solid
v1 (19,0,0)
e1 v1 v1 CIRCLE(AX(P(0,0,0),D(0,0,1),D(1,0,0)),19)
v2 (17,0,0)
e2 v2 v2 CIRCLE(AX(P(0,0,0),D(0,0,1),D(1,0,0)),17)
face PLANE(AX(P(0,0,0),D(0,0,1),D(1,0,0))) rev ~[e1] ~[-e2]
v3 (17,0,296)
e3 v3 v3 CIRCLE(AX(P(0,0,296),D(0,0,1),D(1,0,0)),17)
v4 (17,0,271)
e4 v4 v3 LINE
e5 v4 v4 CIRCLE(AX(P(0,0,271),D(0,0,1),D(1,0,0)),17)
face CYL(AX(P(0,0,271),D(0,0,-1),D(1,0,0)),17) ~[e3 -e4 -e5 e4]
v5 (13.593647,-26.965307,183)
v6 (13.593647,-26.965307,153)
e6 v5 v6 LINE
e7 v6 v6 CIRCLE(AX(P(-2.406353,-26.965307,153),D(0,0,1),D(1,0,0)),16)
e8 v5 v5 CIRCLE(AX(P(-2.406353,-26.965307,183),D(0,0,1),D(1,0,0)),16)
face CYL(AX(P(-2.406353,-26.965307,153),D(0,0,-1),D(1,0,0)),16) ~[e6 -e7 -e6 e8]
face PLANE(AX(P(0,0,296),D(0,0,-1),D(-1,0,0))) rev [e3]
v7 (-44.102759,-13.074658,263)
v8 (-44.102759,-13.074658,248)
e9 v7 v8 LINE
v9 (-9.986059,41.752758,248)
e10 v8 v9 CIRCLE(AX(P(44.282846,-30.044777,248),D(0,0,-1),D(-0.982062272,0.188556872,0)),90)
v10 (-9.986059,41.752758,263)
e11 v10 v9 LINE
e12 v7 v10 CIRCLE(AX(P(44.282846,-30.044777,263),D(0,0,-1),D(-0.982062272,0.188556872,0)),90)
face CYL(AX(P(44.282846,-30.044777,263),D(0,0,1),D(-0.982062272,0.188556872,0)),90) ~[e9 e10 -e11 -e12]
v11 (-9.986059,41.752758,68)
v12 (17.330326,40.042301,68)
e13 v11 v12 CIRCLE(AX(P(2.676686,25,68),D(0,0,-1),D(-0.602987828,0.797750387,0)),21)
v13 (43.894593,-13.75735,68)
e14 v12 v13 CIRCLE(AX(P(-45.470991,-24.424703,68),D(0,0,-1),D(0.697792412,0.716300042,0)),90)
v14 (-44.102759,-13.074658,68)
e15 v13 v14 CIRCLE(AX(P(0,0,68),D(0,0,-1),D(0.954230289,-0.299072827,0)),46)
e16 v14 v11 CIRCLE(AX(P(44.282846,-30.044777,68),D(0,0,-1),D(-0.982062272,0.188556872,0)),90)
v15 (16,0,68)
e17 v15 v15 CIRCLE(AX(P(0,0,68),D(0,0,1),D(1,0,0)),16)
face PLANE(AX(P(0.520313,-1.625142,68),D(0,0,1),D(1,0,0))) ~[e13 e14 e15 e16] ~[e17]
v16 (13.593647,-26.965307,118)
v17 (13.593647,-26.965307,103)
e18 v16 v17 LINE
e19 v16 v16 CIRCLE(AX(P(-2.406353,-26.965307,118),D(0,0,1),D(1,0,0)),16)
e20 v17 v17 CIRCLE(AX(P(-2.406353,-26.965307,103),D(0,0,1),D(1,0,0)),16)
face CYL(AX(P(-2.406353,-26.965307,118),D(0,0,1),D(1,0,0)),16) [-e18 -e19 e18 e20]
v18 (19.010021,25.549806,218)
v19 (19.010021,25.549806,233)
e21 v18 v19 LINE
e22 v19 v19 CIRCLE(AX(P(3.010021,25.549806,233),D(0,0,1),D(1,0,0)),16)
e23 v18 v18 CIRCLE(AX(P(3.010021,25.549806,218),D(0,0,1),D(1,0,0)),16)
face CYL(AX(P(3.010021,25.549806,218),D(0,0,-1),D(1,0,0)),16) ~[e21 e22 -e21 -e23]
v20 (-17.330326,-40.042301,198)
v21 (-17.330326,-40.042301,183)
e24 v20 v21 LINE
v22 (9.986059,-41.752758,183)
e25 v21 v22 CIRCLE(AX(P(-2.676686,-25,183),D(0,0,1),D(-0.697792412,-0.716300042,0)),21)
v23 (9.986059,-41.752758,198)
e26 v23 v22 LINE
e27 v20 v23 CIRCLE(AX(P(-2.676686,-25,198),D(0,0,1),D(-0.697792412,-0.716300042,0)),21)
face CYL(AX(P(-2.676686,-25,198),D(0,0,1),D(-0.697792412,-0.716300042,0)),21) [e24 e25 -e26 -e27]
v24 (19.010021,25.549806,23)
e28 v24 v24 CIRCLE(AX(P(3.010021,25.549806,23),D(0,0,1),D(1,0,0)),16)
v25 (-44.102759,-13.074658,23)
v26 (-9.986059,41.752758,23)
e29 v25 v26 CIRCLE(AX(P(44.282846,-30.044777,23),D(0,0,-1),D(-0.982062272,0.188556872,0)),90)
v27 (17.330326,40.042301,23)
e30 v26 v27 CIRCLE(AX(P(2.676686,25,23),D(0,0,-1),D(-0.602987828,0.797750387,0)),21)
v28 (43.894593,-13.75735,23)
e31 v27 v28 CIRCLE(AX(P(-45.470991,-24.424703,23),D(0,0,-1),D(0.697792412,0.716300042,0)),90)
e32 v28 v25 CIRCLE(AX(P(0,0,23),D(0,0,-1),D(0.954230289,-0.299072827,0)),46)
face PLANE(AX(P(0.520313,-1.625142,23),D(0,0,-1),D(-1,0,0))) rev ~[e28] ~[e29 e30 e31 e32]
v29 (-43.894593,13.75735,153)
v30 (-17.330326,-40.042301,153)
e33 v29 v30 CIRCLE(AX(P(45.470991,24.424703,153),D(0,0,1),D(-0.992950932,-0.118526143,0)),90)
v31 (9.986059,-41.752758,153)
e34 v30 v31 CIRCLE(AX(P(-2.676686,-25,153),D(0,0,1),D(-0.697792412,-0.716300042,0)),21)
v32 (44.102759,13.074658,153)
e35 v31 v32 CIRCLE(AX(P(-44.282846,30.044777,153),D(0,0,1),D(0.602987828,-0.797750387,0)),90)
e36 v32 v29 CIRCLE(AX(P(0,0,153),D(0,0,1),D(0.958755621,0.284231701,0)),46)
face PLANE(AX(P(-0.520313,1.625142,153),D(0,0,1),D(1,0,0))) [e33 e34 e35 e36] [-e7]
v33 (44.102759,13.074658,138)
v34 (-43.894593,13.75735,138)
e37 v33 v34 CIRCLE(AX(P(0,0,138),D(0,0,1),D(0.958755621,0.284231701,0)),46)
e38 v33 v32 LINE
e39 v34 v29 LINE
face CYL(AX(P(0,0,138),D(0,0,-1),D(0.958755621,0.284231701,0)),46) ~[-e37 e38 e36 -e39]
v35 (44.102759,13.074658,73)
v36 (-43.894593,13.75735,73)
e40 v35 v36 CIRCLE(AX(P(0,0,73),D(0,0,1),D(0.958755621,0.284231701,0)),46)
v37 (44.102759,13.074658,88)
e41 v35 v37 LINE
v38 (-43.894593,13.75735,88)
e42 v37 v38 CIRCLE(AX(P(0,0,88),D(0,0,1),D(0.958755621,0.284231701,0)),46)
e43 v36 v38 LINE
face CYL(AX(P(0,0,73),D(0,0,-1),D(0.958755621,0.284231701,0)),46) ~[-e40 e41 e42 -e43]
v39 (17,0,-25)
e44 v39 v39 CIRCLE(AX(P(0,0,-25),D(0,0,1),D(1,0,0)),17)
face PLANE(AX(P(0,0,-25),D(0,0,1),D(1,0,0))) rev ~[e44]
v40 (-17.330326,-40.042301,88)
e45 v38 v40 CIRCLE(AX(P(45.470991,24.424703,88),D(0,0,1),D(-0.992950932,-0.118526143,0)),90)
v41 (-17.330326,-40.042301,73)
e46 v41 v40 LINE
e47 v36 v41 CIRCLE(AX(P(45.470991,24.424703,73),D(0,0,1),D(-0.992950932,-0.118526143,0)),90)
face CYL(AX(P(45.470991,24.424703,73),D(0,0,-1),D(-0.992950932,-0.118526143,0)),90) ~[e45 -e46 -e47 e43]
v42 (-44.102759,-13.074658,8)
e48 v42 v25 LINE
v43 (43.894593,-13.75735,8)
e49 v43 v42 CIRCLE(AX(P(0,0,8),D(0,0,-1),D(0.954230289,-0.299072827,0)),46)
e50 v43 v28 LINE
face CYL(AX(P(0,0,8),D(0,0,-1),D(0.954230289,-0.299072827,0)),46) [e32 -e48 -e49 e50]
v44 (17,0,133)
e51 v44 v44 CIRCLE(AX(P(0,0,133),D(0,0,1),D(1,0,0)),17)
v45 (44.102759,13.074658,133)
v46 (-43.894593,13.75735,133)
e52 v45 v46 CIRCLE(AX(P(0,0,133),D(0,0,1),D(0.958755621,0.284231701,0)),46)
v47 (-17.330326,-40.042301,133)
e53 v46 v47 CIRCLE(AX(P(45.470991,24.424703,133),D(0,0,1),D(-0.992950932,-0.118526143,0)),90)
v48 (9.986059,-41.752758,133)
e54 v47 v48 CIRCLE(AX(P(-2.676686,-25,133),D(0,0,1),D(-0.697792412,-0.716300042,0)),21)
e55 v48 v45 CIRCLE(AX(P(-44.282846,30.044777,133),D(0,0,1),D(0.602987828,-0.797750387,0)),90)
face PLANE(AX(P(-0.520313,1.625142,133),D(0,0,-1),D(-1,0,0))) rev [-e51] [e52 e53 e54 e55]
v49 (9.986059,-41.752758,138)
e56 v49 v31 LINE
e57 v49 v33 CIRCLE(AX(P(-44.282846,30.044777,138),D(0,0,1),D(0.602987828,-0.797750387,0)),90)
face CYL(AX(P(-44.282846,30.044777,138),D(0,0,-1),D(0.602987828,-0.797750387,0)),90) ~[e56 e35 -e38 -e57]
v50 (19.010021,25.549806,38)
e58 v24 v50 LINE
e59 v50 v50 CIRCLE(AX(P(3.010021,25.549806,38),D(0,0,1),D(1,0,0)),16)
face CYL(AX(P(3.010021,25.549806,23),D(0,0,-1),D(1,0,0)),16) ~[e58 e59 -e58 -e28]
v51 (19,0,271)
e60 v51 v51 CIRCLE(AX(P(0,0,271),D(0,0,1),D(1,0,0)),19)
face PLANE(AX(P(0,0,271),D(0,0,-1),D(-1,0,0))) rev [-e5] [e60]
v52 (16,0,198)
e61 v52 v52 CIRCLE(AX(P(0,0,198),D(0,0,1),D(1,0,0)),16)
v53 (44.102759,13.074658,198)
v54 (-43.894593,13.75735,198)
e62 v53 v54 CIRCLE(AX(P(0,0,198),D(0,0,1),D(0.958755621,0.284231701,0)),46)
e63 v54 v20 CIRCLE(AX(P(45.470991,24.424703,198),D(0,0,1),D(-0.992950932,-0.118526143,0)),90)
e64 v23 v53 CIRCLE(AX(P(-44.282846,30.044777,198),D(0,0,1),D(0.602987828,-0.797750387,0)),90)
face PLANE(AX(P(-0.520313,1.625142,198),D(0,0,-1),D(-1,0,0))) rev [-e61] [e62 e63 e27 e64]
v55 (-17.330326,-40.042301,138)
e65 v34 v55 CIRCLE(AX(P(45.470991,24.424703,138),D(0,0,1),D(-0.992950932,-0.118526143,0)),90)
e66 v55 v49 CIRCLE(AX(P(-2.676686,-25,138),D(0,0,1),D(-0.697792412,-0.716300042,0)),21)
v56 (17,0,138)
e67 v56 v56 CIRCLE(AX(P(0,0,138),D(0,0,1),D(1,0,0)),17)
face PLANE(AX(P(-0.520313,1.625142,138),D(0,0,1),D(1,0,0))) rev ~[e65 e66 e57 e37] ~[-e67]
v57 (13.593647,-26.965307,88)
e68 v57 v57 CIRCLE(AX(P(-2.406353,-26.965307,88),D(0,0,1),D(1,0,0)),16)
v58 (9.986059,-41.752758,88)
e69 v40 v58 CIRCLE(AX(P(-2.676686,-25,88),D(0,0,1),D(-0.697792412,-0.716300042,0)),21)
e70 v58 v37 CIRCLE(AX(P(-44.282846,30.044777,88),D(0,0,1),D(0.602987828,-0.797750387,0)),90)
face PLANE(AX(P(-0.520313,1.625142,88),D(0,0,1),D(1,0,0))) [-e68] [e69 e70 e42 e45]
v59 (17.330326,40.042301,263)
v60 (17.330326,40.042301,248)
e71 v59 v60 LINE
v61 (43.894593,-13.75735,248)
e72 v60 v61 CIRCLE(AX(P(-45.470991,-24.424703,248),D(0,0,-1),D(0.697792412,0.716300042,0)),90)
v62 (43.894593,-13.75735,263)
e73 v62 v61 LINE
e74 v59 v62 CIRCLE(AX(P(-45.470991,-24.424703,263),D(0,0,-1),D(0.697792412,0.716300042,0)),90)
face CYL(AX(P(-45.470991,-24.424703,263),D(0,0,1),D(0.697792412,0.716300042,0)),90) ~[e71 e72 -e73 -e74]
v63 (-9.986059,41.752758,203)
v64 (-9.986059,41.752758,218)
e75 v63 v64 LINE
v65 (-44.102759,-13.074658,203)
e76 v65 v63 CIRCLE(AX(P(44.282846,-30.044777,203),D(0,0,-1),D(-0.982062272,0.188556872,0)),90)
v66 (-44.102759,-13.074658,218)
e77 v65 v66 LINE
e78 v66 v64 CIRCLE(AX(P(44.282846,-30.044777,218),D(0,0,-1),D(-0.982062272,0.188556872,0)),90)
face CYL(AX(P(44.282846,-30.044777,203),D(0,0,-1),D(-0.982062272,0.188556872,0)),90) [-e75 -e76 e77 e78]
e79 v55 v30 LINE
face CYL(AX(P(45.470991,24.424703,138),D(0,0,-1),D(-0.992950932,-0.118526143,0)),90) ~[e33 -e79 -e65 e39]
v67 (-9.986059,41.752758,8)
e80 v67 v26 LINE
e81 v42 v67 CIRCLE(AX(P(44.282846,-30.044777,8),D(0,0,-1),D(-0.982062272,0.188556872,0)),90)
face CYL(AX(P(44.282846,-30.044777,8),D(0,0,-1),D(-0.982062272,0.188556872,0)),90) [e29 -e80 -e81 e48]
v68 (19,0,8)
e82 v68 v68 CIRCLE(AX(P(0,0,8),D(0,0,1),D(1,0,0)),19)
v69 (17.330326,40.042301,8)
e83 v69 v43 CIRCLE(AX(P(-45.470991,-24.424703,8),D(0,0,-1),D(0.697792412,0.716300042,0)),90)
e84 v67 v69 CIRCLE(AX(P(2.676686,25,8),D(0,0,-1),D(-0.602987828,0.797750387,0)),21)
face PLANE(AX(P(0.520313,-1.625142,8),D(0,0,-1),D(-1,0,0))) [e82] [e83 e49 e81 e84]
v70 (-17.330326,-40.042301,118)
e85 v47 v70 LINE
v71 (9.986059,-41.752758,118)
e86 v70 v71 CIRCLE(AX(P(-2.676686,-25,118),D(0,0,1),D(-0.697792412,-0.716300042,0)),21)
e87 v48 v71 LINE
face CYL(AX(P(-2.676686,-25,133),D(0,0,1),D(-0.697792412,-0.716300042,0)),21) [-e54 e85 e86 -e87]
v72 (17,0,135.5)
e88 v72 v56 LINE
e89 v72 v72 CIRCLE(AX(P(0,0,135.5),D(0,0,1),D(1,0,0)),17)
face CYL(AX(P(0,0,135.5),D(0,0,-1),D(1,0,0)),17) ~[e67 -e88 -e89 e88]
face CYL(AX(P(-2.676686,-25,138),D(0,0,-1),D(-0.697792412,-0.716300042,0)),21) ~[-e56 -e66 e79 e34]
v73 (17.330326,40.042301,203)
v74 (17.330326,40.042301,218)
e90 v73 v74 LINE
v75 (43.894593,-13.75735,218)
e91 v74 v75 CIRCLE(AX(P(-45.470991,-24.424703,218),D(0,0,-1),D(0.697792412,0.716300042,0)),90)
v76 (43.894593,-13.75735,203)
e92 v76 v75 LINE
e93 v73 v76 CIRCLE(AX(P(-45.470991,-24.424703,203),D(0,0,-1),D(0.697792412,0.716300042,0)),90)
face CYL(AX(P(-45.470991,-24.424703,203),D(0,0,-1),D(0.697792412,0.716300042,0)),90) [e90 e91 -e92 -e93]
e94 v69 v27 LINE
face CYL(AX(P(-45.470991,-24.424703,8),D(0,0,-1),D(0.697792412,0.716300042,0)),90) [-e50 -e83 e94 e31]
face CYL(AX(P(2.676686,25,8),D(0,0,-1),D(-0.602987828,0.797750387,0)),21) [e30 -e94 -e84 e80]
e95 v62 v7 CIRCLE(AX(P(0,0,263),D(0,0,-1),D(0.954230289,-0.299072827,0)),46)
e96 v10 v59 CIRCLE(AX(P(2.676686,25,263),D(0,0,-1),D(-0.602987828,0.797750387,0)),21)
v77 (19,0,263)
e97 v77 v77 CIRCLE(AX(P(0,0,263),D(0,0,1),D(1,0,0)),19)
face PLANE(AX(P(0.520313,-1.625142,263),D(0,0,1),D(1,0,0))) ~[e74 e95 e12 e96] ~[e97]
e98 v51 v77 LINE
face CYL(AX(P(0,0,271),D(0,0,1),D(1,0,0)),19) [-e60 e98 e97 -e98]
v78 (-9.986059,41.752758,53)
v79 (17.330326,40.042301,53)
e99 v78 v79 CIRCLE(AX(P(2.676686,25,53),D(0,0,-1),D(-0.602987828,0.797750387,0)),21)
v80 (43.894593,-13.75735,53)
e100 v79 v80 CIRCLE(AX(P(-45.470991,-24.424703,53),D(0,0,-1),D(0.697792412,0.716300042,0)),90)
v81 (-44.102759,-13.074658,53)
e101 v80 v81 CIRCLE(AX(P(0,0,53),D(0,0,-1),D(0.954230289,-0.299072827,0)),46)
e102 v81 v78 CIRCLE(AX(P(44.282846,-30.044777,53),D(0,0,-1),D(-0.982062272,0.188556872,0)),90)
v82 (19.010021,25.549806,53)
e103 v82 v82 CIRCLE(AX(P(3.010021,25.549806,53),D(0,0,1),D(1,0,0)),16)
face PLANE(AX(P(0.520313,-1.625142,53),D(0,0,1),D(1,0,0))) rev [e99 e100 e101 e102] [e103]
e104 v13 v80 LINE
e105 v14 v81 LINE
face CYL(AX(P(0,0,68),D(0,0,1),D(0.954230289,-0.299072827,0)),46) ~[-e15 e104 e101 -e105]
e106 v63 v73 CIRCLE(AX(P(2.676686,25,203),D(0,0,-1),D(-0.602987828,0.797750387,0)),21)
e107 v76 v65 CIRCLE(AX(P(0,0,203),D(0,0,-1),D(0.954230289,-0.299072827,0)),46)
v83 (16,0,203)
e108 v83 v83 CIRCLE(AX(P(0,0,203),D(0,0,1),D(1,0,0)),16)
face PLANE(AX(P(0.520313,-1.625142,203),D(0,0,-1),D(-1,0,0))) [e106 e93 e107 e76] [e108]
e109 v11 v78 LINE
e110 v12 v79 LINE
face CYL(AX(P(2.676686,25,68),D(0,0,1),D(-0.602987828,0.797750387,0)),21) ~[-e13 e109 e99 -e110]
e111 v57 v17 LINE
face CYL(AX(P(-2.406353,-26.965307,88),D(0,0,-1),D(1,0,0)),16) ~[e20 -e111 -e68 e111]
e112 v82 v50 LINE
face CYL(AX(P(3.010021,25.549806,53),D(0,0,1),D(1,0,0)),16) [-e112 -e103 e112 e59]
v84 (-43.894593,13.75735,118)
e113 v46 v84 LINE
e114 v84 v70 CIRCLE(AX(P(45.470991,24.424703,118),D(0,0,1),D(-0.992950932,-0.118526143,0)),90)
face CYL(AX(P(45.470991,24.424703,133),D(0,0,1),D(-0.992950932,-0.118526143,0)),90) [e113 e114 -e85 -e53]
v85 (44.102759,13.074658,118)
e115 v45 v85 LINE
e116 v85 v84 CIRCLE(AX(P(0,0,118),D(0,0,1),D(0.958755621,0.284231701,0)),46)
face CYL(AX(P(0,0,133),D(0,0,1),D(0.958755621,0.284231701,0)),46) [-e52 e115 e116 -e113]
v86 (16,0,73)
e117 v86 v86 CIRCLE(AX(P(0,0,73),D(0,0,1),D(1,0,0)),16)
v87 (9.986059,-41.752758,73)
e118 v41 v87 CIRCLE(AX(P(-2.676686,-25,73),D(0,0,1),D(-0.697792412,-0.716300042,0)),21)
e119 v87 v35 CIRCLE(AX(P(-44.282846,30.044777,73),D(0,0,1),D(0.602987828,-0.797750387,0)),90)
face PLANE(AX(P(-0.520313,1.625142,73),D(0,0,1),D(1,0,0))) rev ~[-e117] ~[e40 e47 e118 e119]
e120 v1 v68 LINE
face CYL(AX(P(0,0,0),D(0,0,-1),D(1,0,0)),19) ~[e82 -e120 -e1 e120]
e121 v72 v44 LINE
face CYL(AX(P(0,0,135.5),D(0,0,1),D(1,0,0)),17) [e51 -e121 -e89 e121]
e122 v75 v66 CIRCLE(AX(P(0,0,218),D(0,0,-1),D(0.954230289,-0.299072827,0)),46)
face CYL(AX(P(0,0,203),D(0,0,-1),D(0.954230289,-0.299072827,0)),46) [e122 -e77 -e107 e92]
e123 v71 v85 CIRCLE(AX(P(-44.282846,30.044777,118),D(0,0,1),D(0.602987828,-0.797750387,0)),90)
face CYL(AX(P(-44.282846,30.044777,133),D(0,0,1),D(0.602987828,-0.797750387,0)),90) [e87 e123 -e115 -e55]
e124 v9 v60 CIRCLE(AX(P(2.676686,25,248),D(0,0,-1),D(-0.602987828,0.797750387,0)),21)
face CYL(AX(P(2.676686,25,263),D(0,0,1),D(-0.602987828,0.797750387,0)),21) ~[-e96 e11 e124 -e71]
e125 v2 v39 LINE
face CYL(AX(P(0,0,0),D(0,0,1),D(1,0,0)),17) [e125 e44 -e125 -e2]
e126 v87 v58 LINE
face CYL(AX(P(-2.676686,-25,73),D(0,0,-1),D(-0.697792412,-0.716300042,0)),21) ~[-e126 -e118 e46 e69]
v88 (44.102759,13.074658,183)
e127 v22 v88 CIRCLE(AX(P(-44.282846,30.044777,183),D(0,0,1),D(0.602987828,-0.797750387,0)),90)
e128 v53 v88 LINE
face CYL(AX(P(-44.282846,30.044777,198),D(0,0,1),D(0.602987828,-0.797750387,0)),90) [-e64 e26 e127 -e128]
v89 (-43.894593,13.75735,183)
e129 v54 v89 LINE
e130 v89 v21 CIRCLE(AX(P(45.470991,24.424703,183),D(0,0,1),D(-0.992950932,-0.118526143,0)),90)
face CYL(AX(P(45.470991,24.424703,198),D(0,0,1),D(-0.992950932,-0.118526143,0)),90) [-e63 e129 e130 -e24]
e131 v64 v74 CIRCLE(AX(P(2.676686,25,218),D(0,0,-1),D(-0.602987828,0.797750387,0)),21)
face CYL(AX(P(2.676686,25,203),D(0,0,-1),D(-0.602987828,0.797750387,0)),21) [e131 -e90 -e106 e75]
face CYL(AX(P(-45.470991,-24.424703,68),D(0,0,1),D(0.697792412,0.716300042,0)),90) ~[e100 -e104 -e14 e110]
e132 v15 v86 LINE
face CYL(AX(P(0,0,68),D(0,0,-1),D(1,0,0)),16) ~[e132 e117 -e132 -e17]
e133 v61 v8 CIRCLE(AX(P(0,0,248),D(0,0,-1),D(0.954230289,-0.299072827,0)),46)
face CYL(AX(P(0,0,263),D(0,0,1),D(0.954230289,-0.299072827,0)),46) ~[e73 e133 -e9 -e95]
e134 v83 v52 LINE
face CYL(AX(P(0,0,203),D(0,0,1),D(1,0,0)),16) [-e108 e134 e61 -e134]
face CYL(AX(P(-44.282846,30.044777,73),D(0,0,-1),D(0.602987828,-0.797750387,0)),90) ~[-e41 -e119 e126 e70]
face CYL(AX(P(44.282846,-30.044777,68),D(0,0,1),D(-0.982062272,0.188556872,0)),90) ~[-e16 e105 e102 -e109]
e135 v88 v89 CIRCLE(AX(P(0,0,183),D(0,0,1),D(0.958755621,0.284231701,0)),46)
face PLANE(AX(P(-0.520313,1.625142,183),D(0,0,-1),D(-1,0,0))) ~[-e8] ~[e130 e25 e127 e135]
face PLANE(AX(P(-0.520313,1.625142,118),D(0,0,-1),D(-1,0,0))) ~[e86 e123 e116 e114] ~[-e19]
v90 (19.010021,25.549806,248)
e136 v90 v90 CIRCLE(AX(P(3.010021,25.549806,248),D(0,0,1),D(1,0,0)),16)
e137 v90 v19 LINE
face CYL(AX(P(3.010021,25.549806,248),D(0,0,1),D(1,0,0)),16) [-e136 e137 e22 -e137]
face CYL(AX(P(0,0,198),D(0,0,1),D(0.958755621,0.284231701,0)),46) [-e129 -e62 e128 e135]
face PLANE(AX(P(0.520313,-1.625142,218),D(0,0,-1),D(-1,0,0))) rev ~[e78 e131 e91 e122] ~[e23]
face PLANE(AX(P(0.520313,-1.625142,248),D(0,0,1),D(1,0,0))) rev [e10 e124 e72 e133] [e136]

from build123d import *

# Parameters (mm, degrees)
SKETCH1_R           = 17
BOSS_EXTRUDE1_DEPTH = 25
SKETCH1_3_R         = 19
BOSS_EXTRUDE2_DEPTH = 8
BOSS_EXTRUDE3_DEPTH = 15
SKETCH3_R           = 16
BOSS_EXTRUDE4_DEPTH = 15
SKETCH4_R           = 16
BOSS_EXTRUDE5_DEPTH = 5
BOSS_EXTRUDE6_DEPTH = 15
SKETCH6_R           = 16
BOSS_EXTRUDE7_DEPTH = 15
BOSS_EXTRUDE8_START = 2.5
SKETCH7_R           = 17
BOSS_EXTRUDE8_DEPTH = 2.5


with BuildPart() as part:
    # Sketch1 → Boss-Extrude1 (new body)
    with BuildSketch(Plane.XY):
        Circle(SKETCH1_R)
    extrude(amount=-BOSS_EXTRUDE1_DEPTH)

    # Sketch1<3> → Boss-Extrude2 (add)
    with BuildSketch(Plane.XY):
        Circle(SKETCH1_3_R)
    extrude(amount=BOSS_EXTRUDE2_DEPTH)

    # Sketch2 → Boss-Extrude3 (add)
    with BuildSketch(Plane.XY.offset(8)):
        with BuildLine():
            ThreePointArc((-9.986058572, 41.752758122), (3.989062652, 45.958951954), (17.330326456, 40.042300883))
            ThreePointArc((17.330326456, 40.042300883), (35.227782907, 15.421350298), (43.89459329, -13.757350031))
            ThreePointArc((43.89459329, -13.757350031), (-0.356861624, -45.998615738), (-44.102758556, -13.074658228))
            ThreePointArc((-44.102758556, -13.074658228), (-32.131083622, 17.504265061), (-9.986058572, 41.752758122))
        make_face()
    boss_extrude3 = extrude(amount=BOSS_EXTRUDE3_DEPTH)

    # Sketch3 → Boss-Extrude4 (add)
    with BuildSketch(Plane.XY.offset(23)):
        with Locations((3.010021098, 25.549805608)):
            Circle(SKETCH3_R)
    boss_extrude4 = extrude(amount=BOSS_EXTRUDE4_DEPTH)

    # Mirror1: Boss-Extrude3, Boss-Extrude4 across plane
    add(boss_extrude3.mirror(Plane(origin=(3.010021098, 25.549805608, 38), x_dir=(1, 0, 0), z_dir=(0, 0, 1))))
    add(boss_extrude4.mirror(Plane(origin=(3.010021098, 25.549805608, 38), x_dir=(1, 0, 0), z_dir=(0, 0, 1))))

    # Sketch4 → Boss-Extrude5 (add)
    with BuildSketch(Plane.XY.offset(68)):
        Circle(SKETCH4_R)
    extrude(amount=BOSS_EXTRUDE5_DEPTH)

    # Sketch5 → Boss-Extrude6 (add)
    with BuildSketch(Plane.XY.offset(73)):
        with BuildLine():
            ThreePointArc((-17.330326456, -40.042300883), (-3.989062652, -45.958951954), (9.986058572, -41.752758122))
            ThreePointArc((9.986058572, -41.752758122), (32.131083622, -17.504265061), (44.102758556, 13.074658228))
            ThreePointArc((44.102758556, 13.074658228), (0.356861624, 45.998615738), (-43.89459329, 13.757350031))
            ThreePointArc((-43.89459329, 13.757350031), (-35.227782907, -15.421350298), (-17.330326456, -40.042300883))
        make_face()
    boss_extrude6 = extrude(amount=BOSS_EXTRUDE6_DEPTH)

    # Sketch6 → Boss-Extrude7 (add)
    with BuildSketch(Plane.XY.offset(88)):
        with Locations((-2.406352883, -26.965307304)):
            Circle(SKETCH6_R)
    boss_extrude7 = extrude(amount=BOSS_EXTRUDE7_DEPTH)

    # Mirror2: Boss-Extrude6, Boss-Extrude7 across plane
    add(boss_extrude6.mirror(Plane(origin=(-2.406352883, -26.965307304, 103), x_dir=(1, 0, 0), z_dir=(0, 0, 1))))
    add(boss_extrude7.mirror(Plane(origin=(-2.406352883, -26.965307304, 103), x_dir=(1, 0, 0), z_dir=(0, 0, 1))))

    # Sketch7 → Boss-Extrude8 (add)
    with BuildSketch(Plane.XY.offset(133).offset(BOSS_EXTRUDE8_START)):
        Circle(SKETCH7_R)
    extrude(amount=-BOSS_EXTRUDE8_DEPTH)

    # Mirror3: part across plane


with BuildPart() as part_1:
    add(part.part)
    add(part.part.mirror(Plane.XY.offset(135.5)))


solid = part_1.part
